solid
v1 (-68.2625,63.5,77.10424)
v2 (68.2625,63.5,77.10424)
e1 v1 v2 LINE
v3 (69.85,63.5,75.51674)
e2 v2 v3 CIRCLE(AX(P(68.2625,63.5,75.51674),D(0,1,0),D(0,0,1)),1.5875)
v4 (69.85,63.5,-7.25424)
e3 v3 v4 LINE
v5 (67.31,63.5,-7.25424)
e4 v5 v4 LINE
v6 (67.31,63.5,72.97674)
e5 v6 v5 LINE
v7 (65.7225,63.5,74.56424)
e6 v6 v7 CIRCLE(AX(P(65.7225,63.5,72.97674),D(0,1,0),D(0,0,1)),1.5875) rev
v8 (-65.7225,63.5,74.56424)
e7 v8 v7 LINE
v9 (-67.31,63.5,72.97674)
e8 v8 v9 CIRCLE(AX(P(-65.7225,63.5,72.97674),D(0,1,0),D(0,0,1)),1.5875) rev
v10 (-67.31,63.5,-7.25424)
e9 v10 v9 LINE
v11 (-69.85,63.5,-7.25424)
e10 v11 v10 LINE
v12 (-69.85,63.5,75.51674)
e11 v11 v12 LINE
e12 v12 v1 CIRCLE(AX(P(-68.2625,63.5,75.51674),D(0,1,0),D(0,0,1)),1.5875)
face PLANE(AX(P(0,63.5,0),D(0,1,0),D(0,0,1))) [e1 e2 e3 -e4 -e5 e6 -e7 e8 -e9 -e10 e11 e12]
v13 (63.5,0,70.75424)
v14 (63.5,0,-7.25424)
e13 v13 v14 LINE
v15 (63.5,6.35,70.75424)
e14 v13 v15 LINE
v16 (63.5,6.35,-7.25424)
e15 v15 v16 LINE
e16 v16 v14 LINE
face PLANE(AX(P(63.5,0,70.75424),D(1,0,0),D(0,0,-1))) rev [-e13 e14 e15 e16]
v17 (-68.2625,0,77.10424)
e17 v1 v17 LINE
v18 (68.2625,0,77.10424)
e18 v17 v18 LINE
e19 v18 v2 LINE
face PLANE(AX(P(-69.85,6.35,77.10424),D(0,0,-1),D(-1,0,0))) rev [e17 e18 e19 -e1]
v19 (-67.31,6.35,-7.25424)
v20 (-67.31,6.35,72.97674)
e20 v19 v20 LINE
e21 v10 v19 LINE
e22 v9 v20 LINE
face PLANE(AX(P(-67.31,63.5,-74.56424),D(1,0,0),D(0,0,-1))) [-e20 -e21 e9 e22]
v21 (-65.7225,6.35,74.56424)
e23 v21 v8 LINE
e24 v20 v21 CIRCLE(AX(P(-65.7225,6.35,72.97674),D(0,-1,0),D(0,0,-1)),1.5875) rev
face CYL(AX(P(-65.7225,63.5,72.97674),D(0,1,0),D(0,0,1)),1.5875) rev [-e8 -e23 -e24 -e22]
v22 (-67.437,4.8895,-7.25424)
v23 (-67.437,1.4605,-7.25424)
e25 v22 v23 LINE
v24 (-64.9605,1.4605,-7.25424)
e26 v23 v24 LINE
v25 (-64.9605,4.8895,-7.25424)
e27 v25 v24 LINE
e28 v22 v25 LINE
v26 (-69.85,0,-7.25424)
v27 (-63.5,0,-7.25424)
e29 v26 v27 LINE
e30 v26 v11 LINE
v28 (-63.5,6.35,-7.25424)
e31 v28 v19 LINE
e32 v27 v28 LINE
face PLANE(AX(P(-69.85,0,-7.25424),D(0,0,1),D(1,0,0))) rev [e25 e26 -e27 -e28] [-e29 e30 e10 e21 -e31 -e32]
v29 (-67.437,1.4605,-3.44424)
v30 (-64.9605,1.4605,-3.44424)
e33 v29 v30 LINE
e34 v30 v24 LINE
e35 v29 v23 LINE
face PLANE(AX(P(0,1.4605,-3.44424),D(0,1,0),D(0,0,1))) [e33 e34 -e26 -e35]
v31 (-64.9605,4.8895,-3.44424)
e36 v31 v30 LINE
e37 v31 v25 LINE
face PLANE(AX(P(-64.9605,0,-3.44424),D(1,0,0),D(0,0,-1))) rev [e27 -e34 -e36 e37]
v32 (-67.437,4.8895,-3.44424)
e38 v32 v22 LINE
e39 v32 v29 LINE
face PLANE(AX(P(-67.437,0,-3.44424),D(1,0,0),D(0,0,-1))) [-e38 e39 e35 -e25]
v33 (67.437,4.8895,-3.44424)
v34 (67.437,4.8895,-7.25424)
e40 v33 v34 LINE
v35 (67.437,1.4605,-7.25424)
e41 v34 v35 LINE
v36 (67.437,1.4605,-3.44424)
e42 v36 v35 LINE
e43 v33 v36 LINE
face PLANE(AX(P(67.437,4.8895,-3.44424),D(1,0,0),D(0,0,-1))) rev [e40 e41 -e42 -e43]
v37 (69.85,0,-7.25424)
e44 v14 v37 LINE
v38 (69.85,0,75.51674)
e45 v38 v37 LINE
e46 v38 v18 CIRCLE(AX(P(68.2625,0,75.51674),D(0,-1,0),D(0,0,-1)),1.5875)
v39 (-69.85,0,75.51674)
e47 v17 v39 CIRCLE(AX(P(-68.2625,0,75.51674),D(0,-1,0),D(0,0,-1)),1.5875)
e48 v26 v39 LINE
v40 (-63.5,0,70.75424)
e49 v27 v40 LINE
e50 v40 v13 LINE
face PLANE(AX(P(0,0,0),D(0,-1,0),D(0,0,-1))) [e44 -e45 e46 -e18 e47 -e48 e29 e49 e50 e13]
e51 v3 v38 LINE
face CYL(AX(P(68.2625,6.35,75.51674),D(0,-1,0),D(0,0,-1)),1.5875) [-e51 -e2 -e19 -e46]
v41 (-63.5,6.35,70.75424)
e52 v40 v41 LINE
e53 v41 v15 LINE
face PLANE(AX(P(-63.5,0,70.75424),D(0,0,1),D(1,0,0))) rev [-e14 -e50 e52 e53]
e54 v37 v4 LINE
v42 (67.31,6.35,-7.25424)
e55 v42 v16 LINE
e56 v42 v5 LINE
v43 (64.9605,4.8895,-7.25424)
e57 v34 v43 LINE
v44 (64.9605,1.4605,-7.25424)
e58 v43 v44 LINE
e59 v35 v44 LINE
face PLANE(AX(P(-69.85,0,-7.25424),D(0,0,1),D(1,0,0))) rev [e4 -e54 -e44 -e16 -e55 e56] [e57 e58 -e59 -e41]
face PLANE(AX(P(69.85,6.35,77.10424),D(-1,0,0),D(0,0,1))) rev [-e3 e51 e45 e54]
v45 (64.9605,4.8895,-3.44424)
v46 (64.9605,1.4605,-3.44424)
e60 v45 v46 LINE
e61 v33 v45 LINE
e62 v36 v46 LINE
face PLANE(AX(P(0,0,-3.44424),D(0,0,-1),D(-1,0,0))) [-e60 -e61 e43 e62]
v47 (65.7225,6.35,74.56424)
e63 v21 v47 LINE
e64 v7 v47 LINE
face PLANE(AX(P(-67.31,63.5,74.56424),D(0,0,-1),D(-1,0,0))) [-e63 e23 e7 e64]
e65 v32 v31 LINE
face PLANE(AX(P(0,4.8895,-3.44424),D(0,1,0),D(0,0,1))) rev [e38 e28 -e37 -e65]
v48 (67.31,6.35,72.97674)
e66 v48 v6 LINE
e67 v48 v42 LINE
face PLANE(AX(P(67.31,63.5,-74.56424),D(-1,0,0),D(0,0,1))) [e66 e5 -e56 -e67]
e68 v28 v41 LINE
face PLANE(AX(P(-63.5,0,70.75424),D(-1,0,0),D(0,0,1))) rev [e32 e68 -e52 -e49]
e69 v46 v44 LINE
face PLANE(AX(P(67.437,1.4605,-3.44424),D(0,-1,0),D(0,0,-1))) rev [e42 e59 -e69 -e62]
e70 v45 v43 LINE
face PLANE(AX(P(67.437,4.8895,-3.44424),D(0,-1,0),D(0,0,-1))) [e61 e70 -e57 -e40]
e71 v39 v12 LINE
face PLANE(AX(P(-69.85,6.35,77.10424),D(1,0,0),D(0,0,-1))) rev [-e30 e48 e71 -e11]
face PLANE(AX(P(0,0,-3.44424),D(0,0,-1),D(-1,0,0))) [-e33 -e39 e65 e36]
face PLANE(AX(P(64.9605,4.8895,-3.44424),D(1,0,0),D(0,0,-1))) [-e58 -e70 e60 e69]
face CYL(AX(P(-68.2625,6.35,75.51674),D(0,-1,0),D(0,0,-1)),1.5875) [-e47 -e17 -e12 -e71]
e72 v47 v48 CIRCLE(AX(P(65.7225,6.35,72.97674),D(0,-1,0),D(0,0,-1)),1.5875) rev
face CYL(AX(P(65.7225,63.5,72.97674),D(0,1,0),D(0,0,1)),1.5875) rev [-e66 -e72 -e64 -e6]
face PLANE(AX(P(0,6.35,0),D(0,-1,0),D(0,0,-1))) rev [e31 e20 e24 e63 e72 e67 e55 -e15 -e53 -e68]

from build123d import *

# Parameters (mm, degrees)
SKETCH1_W           = 139.7
SKETCH1_H           = 154.20848
BOSS_EXTRUDE1_DEPTH = 6.35
SKETCH2_W           = 127
SKETCH2_H           = 141.50848
CUT_EXTRUDE1_DEPTH  = 6.35
SKETCH3_W           = 139.7
SKETCH3_H           = 154.20848
SKETCH3_W_2         = 134.62
SKETCH3_H_2         = 149.12848
BOSS_EXTRUDE2_DEPTH = 57.15
SKETCH4_W           = 139.7
SKETCH4_H           = 69.85
CUT_EXTRUDE2_DEPTH  = 64.5
SKETCH5_W           = 2.4765
SKETCH5_H           = 3.429
CUT_EXTRUDE3_DEPTH  = 3.81
FILLET1_R           = 1.5875


with BuildPart() as part:
    # Sketch1 → Boss-Extrude1 (new body)
    with BuildSketch(Plane(origin=(0, 0, 0), x_dir=(1, 0, 0), z_dir=(0, 1, 0))):
        Rectangle(SKETCH1_W, SKETCH1_H)
    extrude(amount=BOSS_EXTRUDE1_DEPTH)

    # Sketch2 → Cut-Extrude1 (cut)
    with BuildSketch(Plane(origin=(0, 6.35, 0), x_dir=(1, 0, 0), z_dir=(0, 1, 0))):
        Rectangle(SKETCH2_W, SKETCH2_H)
    extrude(amount=-CUT_EXTRUDE1_DEPTH, mode=Mode.SUBTRACT)

    # Sketch3 → Boss-Extrude2 (add)
    with BuildSketch(Plane(origin=(0, 6.35, 0), x_dir=(1, 0, 0), z_dir=(0, 1, 0))):
        Rectangle(SKETCH3_W, SKETCH3_H)
        Rectangle(SKETCH3_W_2, SKETCH3_H_2, mode=Mode.SUBTRACT)
    extrude(amount=BOSS_EXTRUDE2_DEPTH)

    # Sketch4 → Cut-Extrude2 (cut, through all)
    with BuildSketch(Plane(origin=(0, 63.5, 0), x_dir=(1, 0, 0), z_dir=(0, 1, 0))):
        with Locations((0, 42.17924)):
            Rectangle(SKETCH4_W, SKETCH4_H)
    extrude(amount=-CUT_EXTRUDE2_DEPTH, mode=Mode.SUBTRACT)

    # Sketch5 → Cut-Extrude3 (cut)
    with BuildSketch(Plane(origin=(0, 0, -7.25424), x_dir=(-1, 0, 0), z_dir=(0, 0, -1))):
        with Locations((66.19875, 3.175)):
            Rectangle(SKETCH5_W, SKETCH5_H)
        with Locations((-66.19875, 3.175)):
            Rectangle(SKETCH5_W, SKETCH5_H)
    extrude(amount=-CUT_EXTRUDE3_DEPTH, mode=Mode.SUBTRACT)

    # Fillet1
    fillet1_edges = [part.edges().sort_by_distance(p)[0] for p in [
        (-67.31, 34.925, 74.56424),
        (67.31, 34.925, 74.56424),
        (69.85, 31.75, 77.10424),
        (-69.85, 31.75, 77.10424),
    ]]
    fillet(fillet1_edges, radius=FILLET1_R)


solid = part.part
